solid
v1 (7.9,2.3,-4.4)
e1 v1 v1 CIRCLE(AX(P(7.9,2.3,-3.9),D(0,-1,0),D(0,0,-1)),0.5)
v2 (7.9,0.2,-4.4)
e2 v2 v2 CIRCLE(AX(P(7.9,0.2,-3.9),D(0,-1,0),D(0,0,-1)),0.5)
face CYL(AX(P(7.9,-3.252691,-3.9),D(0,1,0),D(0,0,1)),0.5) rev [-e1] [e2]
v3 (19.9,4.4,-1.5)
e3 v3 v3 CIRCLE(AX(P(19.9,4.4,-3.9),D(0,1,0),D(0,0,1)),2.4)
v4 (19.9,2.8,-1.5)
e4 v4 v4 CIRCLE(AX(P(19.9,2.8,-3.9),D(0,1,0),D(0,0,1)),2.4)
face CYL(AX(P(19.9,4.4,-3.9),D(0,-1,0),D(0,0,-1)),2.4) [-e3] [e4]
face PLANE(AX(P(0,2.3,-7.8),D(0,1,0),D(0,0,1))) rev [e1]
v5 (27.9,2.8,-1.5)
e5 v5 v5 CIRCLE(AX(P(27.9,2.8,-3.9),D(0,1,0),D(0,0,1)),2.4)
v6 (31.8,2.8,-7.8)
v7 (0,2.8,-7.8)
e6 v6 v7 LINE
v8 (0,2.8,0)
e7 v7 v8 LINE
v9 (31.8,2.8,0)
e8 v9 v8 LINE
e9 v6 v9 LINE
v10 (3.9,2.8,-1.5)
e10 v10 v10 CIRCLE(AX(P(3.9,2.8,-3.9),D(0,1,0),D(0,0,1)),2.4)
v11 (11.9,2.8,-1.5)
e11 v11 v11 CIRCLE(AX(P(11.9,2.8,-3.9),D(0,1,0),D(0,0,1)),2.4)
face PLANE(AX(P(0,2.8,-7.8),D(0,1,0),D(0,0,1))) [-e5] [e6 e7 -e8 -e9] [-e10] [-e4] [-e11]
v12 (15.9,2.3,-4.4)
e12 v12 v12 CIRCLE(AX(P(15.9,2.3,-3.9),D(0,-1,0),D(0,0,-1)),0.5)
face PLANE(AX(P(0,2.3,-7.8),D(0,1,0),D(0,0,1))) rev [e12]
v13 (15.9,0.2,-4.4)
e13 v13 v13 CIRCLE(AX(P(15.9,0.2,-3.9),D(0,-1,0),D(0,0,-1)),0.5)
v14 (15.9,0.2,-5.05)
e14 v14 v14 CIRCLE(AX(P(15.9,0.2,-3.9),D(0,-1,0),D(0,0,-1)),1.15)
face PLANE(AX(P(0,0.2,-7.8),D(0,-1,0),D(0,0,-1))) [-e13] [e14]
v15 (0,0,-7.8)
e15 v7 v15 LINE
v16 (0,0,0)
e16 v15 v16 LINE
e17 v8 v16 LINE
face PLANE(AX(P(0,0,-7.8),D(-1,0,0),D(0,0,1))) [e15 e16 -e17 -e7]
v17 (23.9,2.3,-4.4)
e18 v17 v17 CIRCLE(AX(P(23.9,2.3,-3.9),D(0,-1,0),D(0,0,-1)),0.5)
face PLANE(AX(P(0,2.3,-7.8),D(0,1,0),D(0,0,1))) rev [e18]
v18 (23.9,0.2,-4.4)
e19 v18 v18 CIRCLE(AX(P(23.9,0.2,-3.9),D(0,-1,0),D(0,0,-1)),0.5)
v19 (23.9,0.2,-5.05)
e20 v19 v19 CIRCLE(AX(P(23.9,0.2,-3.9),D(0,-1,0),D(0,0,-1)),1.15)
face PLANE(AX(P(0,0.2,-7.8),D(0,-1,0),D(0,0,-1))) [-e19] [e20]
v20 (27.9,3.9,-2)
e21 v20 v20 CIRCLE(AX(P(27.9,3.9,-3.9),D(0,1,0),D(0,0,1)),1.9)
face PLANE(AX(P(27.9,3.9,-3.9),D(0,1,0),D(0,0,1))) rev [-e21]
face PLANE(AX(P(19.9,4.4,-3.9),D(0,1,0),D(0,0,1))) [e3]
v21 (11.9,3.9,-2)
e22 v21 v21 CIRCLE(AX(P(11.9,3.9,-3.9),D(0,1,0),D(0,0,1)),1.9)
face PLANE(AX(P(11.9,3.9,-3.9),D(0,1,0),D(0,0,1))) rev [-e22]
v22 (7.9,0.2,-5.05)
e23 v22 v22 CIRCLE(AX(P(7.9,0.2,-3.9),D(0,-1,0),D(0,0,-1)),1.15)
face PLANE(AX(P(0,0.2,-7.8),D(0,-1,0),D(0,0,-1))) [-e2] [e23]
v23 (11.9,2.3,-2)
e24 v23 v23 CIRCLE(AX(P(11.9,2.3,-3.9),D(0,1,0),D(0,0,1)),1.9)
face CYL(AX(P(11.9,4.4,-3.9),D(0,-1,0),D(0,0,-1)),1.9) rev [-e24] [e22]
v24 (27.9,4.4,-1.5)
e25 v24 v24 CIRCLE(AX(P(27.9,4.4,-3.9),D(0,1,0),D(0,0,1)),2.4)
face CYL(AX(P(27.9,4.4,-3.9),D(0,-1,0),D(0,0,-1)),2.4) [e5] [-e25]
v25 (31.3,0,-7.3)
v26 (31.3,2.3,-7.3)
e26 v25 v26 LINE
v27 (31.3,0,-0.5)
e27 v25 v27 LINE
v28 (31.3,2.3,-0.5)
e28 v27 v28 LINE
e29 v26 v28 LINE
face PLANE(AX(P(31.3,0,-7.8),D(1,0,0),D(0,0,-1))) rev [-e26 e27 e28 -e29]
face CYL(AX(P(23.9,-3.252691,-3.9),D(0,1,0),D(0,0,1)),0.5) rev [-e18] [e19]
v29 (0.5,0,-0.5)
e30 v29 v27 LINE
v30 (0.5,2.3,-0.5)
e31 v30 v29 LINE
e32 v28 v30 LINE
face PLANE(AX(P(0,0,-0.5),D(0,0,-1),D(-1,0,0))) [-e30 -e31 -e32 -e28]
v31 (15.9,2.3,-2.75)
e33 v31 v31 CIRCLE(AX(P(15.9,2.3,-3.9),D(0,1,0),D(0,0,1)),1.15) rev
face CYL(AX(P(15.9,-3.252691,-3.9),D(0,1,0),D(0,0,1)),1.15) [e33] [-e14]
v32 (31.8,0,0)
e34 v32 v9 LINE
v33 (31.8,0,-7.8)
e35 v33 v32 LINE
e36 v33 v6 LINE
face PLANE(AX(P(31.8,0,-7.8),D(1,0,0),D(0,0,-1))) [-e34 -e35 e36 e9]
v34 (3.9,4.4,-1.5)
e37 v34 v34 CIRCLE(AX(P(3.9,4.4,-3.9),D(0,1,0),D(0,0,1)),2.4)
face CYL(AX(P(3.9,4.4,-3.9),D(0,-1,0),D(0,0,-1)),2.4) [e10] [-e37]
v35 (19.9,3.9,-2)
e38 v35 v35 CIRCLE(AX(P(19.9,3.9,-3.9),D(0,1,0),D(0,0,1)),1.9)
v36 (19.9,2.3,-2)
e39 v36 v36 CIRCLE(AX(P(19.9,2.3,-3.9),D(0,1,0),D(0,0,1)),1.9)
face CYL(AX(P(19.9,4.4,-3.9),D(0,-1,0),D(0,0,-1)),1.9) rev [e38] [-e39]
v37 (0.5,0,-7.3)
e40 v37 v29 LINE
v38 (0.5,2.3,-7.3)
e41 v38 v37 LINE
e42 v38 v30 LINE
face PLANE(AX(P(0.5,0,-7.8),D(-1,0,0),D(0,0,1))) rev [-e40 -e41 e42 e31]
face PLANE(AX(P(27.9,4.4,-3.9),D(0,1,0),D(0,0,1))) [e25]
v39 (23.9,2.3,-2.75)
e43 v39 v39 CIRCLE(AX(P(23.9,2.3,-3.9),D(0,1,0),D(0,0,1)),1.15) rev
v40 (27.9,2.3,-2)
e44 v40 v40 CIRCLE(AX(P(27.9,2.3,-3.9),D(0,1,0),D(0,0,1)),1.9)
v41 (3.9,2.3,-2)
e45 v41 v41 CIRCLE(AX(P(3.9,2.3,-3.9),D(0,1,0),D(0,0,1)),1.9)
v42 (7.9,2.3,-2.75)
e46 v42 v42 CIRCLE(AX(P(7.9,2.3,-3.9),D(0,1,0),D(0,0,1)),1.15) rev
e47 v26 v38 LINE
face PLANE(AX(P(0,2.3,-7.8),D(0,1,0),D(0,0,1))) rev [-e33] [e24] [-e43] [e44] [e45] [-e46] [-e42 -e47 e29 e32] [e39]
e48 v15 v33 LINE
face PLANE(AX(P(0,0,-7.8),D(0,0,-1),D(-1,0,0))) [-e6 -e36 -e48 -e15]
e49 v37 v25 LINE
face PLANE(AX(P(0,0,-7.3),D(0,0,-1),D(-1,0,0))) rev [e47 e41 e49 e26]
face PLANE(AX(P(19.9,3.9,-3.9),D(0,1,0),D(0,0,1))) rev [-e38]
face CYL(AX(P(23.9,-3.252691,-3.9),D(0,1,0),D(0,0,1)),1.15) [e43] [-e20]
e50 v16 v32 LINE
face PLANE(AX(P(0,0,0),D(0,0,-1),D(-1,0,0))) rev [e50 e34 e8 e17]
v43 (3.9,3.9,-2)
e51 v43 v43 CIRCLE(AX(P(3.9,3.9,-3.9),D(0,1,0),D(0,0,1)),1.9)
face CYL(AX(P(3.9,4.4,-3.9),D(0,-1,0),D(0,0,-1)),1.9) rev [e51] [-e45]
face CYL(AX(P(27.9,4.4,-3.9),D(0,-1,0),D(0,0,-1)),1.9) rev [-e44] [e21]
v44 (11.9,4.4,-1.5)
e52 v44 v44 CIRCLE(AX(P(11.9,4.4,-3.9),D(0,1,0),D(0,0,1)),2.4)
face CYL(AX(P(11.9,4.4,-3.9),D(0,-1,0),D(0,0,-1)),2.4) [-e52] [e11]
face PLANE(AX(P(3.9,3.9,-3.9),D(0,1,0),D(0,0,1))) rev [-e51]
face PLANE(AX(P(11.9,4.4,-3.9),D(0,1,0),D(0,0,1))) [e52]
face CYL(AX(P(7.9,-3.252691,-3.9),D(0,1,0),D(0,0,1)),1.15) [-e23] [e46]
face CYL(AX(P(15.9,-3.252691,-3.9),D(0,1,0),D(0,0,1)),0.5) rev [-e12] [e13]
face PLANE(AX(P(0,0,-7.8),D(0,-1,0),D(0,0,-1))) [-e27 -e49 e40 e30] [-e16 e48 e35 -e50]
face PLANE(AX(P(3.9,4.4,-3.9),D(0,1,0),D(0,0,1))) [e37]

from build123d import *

# Parameters (mm, degrees)
SKETCH1_W            = 31.8
SKETCH1_H            = 2.8
BOSS_EXTRUDE1_DEPTH  = 7.8
SKETCH2_R            = 2.4
BOSS_EXTRUDE2_DEPTH  = 1.6
LPATTERN1_COUNT      = 2
LPATTERN1_PITCH      = 8
LPATTERN1_COUNT_DIR2 = 4
LPATTERN1_PITCH_DIR2 = 8
SHELL1_T             = -0.5
SKETCH3_R            = 1.15
SKETCH3_R_2          = 0.5
BOSS_EXTRUDE3_DEPTH  = 2.1
LPATTERN2_COUNT      = 3
LPATTERN2_PITCH      = 8


with BuildPart() as part:
    # Sketch1 → Boss-Extrude1 (new body)
    with BuildSketch(Plane.XY):
        with Locations((15.9, 1.4)):
            Rectangle(SKETCH1_W, SKETCH1_H)
    extrude(amount=-BOSS_EXTRUDE1_DEPTH)

    # Sketch2 → Boss-Extrude2 (add)
    with BuildSketch(Plane(origin=(0, 2.8, 0), x_dir=(1, 0, 0), z_dir=(0, 1, 0))):
        with Locations(Location((3.9, 3.9, 0), (0, 0, 270))):
            Circle(SKETCH2_R)
    boss_extrude2 = extrude(amount=BOSS_EXTRUDE2_DEPTH)

    # LPattern1: Boss-Extrude2 2 × 4, 4 skipped
    with Locations(*[(j * LPATTERN1_PITCH_DIR2, 0, i * LPATTERN1_PITCH) for i in range(LPATTERN1_COUNT) for j in range(LPATTERN1_COUNT_DIR2) if (i, j) not in ((0, 0), (1, 0), (1, 1), (1, 2), (1, 3))]):
        add(boss_extrude2)

    # Shell1
    shell1_openings = [part.faces().sort_by_distance(p)[0] for p in [
        (15.9, 0, -3.9),
    ]]
    offset(amount=SHELL1_T, openings=shell1_openings, kind=Kind.INTERSECTION)

    # Sketch3 → Boss-Extrude3 (add)
    with BuildSketch(Plane.XZ.offset(-2.3)):
        with Locations(Location((7.9, -3.9, 0), (0, 0, 90))):
            Circle(SKETCH3_R)
        with Locations(Location((7.9, -3.9, 0), (0, 0, 270))):
            Circle(SKETCH3_R_2, mode=Mode.SUBTRACT)
    boss_extrude3 = extrude(amount=BOSS_EXTRUDE3_DEPTH)

    # LPattern2: Boss-Extrude3 ×3
    with Locations(*[(i * LPATTERN2_PITCH, 0, 0) for i in range(1, LPATTERN2_COUNT)]):
        add(boss_extrude3)


solid = part.part
